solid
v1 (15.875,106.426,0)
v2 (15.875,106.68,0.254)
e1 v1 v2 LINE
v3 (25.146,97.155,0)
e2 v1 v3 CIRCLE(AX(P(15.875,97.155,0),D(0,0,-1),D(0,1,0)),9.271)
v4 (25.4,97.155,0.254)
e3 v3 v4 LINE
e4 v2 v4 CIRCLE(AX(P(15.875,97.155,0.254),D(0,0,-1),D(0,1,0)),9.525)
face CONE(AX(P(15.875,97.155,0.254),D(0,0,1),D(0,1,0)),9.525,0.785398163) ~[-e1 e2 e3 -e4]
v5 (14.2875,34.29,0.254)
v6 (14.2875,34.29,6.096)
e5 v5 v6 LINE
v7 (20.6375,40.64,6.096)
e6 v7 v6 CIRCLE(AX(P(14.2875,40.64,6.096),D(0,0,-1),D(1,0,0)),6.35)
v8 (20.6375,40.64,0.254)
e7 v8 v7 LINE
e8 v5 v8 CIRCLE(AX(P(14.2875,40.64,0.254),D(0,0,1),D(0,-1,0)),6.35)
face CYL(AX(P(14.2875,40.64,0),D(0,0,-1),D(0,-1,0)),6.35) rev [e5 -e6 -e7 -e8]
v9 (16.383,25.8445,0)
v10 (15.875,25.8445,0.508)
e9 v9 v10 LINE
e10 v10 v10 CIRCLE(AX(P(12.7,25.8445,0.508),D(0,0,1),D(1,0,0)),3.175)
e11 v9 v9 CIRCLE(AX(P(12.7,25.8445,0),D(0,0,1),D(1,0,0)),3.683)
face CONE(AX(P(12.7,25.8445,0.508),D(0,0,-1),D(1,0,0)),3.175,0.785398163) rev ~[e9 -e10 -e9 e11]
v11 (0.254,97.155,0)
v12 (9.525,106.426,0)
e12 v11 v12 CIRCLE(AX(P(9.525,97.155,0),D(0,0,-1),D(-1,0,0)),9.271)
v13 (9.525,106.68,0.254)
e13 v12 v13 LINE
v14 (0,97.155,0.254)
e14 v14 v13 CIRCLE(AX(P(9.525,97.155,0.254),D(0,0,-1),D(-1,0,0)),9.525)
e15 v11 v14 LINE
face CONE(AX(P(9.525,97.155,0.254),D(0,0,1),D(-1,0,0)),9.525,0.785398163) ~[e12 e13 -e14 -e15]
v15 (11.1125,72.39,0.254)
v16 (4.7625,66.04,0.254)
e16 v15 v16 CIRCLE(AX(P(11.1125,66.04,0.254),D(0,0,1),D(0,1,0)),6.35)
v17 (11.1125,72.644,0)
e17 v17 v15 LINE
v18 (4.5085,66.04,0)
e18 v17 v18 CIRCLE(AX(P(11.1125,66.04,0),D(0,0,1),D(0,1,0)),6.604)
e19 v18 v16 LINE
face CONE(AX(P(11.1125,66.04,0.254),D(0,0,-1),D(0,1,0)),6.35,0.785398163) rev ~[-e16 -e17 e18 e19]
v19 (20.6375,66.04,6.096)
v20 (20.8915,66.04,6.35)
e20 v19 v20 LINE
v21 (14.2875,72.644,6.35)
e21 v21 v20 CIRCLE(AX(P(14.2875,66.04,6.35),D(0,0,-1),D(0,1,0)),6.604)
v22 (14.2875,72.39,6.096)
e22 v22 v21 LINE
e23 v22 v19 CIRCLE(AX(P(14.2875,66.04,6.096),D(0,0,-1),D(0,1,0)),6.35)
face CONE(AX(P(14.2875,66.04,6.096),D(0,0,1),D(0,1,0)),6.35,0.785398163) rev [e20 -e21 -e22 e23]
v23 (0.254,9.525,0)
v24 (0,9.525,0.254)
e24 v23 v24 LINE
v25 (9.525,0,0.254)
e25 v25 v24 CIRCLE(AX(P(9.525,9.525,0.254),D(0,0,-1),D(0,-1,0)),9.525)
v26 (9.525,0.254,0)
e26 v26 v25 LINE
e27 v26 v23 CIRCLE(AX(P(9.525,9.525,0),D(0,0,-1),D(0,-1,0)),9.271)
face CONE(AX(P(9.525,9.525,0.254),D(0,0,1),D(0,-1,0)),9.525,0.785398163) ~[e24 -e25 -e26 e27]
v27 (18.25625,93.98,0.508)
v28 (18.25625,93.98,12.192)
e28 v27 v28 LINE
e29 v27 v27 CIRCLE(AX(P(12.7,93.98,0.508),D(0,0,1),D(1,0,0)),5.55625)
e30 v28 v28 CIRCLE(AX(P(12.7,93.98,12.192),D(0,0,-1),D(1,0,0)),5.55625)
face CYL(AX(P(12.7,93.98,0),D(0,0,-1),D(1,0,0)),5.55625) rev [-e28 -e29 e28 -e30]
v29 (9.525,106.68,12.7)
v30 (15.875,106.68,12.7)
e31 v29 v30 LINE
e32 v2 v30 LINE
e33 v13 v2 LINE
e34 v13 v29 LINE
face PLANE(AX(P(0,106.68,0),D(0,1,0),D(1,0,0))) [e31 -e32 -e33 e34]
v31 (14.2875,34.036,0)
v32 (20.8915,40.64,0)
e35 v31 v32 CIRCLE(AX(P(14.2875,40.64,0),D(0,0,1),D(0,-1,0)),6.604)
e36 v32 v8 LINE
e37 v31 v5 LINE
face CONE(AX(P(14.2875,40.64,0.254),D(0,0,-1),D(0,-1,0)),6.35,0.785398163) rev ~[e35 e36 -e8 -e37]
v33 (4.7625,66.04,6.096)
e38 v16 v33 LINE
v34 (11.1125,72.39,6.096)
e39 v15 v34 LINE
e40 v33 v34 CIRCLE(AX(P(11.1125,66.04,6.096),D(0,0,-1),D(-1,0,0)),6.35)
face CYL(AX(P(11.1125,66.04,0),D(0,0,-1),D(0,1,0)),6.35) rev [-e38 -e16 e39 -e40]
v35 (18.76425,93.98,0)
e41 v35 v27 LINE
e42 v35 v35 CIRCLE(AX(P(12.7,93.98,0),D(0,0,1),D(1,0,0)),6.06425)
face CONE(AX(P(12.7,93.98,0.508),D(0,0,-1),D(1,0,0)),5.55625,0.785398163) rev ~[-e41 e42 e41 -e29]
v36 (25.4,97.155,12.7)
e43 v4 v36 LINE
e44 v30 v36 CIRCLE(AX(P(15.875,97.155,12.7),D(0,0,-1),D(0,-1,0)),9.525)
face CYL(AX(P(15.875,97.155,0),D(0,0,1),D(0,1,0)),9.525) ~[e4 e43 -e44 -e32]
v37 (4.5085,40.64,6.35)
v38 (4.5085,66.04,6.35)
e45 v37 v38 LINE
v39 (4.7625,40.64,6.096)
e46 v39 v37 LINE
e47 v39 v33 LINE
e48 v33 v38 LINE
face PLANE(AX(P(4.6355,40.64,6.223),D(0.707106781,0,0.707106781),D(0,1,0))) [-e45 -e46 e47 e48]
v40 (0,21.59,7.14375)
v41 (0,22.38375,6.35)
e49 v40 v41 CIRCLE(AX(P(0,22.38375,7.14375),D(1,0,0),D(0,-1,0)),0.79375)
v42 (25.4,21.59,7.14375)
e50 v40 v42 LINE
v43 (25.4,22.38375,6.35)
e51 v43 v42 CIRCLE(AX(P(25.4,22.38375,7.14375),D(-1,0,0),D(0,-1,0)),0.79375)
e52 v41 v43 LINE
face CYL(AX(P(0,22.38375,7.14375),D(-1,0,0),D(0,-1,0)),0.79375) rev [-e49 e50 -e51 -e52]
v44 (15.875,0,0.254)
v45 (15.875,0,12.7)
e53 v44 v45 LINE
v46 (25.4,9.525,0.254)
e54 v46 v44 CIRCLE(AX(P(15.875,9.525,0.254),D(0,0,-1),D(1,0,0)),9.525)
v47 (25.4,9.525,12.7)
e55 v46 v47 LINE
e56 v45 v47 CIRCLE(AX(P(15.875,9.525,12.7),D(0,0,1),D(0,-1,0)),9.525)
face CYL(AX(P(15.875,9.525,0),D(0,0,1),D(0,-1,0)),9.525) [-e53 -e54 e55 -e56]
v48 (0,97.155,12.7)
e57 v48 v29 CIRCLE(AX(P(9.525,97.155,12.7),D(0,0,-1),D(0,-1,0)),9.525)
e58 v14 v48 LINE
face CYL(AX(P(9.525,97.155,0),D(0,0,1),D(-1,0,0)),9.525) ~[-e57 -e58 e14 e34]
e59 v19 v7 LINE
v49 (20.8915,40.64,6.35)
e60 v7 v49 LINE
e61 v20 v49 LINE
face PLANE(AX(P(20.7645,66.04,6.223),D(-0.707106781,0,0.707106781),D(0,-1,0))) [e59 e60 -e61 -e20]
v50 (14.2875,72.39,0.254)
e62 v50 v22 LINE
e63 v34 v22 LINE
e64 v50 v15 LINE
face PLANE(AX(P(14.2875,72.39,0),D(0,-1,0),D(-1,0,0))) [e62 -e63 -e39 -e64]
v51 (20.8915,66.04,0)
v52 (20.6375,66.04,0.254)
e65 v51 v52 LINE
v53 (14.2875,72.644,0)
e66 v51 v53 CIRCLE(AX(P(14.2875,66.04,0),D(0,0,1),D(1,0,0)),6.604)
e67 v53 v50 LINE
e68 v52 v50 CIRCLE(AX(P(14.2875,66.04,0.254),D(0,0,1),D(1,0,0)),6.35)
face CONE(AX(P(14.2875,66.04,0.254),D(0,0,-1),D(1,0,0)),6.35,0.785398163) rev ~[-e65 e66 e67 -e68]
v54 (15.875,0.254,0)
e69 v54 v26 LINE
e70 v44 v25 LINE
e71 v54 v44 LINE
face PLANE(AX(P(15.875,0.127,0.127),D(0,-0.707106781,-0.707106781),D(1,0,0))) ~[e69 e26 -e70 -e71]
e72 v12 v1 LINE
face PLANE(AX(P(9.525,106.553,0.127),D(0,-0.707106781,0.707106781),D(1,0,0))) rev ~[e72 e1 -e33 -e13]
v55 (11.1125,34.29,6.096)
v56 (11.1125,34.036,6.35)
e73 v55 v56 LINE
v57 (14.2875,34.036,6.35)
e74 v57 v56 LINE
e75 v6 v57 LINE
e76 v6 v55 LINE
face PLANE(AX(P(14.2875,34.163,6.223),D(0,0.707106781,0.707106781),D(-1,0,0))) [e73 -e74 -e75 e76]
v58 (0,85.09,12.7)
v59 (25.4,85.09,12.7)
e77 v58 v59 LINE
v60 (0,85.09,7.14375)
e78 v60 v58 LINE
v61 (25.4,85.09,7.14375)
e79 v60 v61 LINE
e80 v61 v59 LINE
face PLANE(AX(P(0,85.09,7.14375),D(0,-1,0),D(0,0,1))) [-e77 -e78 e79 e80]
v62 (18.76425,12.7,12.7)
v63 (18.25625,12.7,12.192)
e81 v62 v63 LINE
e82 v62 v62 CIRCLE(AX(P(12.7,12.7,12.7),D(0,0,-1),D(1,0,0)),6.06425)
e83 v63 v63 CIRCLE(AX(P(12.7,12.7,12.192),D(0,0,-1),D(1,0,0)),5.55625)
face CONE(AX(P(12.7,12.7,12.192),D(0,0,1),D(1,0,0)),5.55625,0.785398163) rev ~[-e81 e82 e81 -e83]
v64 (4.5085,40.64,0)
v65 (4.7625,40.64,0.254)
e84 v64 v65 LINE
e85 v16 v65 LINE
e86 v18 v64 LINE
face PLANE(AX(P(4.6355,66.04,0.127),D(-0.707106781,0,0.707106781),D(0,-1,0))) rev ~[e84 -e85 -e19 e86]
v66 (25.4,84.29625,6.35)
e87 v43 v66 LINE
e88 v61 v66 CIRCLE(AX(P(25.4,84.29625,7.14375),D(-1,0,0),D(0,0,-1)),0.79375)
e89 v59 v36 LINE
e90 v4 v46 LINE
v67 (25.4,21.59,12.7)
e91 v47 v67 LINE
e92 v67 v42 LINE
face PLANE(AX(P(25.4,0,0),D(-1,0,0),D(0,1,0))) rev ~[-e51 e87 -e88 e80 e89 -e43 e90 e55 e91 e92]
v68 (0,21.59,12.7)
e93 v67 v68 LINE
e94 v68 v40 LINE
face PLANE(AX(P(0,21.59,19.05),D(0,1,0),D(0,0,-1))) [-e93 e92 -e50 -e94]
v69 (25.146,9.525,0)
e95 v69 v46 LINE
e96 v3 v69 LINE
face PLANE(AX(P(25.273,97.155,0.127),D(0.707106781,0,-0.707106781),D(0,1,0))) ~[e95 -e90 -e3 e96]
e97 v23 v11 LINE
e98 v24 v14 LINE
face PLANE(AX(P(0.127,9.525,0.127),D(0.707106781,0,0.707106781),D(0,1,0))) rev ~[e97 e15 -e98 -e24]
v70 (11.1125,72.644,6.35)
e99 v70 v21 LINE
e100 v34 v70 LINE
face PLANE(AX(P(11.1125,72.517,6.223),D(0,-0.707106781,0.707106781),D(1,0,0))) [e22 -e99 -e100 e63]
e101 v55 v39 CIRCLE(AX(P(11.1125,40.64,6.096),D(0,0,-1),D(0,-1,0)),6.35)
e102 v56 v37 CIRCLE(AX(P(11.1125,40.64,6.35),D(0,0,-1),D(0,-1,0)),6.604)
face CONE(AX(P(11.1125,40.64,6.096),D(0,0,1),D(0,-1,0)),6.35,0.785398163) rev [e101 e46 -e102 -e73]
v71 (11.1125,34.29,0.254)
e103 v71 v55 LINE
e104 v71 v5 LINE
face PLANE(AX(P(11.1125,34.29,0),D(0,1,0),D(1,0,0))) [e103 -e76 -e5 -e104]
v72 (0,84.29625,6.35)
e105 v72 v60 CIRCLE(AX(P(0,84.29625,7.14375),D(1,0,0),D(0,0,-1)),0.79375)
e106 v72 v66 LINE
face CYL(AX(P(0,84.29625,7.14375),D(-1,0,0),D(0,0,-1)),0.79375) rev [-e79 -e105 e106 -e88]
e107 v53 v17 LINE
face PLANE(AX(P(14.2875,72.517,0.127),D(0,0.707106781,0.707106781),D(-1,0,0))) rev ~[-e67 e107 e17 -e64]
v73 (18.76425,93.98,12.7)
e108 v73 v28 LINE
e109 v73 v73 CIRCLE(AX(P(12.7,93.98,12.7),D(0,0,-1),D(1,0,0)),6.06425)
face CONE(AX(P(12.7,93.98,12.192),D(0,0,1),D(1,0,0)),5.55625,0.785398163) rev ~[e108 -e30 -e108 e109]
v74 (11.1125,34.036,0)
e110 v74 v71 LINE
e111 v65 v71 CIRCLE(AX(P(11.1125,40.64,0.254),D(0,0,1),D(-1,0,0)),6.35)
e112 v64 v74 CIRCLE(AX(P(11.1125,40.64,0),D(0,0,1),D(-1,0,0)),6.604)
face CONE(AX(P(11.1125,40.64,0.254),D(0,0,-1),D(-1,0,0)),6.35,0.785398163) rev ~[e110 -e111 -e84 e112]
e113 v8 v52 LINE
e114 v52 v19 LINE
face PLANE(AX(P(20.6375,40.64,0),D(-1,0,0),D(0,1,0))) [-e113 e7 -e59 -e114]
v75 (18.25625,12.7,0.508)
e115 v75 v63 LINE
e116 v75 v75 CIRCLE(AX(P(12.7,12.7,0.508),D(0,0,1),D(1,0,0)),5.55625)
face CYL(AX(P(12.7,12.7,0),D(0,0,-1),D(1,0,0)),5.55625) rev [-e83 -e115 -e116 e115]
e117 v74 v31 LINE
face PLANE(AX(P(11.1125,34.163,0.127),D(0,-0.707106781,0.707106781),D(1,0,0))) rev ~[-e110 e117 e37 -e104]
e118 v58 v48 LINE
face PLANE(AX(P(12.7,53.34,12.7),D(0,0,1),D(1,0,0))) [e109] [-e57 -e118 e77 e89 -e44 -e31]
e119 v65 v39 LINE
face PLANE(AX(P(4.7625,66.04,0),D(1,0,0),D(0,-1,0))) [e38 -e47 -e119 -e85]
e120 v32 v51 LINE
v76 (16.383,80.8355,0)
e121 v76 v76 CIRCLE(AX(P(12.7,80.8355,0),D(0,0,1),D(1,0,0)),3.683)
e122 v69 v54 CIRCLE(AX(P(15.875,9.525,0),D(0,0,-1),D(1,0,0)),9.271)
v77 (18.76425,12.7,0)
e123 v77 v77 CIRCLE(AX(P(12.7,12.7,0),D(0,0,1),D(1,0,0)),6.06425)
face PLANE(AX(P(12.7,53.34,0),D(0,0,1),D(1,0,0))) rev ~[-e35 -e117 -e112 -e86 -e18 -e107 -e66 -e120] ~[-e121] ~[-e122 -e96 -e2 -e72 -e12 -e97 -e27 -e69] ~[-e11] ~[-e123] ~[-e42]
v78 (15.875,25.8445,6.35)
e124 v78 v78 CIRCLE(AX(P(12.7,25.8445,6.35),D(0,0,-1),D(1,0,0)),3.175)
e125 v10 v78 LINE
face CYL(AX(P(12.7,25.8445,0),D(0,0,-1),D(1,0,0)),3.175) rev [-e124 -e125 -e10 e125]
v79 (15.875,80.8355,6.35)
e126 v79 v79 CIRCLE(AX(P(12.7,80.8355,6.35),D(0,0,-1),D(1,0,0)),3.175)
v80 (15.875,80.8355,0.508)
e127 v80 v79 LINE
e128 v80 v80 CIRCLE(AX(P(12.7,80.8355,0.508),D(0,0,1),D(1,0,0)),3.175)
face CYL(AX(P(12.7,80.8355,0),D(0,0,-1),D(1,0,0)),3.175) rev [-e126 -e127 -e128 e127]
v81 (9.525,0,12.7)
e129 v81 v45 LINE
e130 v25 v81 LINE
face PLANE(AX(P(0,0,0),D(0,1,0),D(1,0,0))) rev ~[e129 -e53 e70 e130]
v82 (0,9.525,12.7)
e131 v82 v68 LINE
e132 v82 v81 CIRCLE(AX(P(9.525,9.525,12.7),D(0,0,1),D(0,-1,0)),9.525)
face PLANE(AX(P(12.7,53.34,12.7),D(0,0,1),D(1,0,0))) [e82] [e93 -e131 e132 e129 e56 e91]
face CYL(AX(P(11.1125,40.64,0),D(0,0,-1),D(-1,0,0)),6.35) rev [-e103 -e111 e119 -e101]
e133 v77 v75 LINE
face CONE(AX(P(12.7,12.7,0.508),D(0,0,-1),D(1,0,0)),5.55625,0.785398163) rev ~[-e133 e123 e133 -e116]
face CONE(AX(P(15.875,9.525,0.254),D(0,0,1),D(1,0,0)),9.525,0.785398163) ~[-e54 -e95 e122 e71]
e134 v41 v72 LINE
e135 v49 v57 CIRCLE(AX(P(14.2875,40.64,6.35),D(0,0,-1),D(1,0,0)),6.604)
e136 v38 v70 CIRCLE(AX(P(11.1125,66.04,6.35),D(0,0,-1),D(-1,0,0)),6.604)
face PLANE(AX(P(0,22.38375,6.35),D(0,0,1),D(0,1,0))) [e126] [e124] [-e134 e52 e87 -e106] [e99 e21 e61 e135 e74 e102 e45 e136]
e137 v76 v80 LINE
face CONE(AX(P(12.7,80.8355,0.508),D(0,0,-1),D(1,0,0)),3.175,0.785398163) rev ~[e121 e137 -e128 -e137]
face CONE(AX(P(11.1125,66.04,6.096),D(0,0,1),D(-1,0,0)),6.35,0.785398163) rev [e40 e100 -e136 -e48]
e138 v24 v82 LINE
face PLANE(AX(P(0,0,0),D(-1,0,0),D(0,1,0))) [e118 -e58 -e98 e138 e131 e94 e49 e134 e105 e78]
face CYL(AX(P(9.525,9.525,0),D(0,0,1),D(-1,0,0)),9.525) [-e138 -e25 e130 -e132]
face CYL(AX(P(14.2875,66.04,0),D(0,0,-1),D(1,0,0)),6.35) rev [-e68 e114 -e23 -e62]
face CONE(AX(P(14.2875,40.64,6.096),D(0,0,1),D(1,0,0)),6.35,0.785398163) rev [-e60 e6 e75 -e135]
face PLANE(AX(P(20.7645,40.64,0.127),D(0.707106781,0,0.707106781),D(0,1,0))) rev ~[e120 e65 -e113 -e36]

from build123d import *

# Parameters (mm, degrees)
F0_W     = 25.4
F0_H     = 106.68
F1_DEPTH = 12.7
F3_DEPTH = 27.94
F4_R     = 3.175
F5_DEPTH = 25.4
F6_R     = 5.55625
F7_DEPTH = 25.4
F9_DEPTH = 25.4
F10_SIZE = 0.508
F11_SIZE = 0.254
F12_R    = 9.525
F13_SIZE = 0.254


with BuildPart() as f1:
    # F0 (on Top) → F1 (new body)
    with BuildSketch(Plane.XY):
        with Locations((12.7, 53.34)):
            Rectangle(F0_W, F0_H)
    extrude(amount=F1_DEPTH)

    # F2 (on Right) → F3 (cut)
    with BuildSketch(Plane.YZ):
        with BuildLine():
            ThreePointArc((21.59, 7.14375), (21.8224839924, 6.5824839924), (22.38375, 6.35))
            Line((22.38375, 6.35), (84.29625, 6.35))
            ThreePointArc((84.29625, 6.35), (84.8575160076, 6.5824839924), (85.09, 7.14375))
            Line((85.09, 7.14375), (85.09, 19.05))
            Line((85.09, 19.05), (21.59, 19.05))
            Line((21.59, 19.05), (21.59, 7.14375))
        make_face()
    extrude(amount=F3_DEPTH, mode=Mode.SUBTRACT)

    # F4 (on Top) → F5 (cut)
    with BuildSketch(Plane.XY):
        with Locations((12.7, 80.8355)):
            Circle(F4_R)
        with Locations((12.7, 25.8445)):
            Circle(F4_R)
    extrude(amount=F5_DEPTH, mode=Mode.SUBTRACT)

    # F6 (on Top) → F7 (cut)
    with BuildSketch(Plane.XY):
        with Locations((12.7, 93.98)):
            Circle(F6_R)
        with Locations((12.7, 12.7)):
            Circle(F6_R)
    extrude(amount=F7_DEPTH, mode=Mode.SUBTRACT)

    # F8 (on Top) → F9 (cut)
    with BuildSketch(Plane.XY):
        with BuildLine():
            Line((14.2875, 72.39), (11.1125, 72.39))
            ThreePointArc((11.1125, 72.39), (6.6223719395, 70.5301280605), (4.7625, 66.04))
            Line((4.7625, 66.04), (4.7625, 40.64))
            ThreePointArc((4.7625, 40.64), (6.6223719395, 36.1498719395), (11.1125, 34.29))
            Line((11.1125, 34.29), (14.2875, 34.29))
            ThreePointArc((14.2875, 34.29), (18.7776280605, 36.1498719395), (20.6375, 40.64))
            Line((20.6375, 40.64), (20.6375, 66.04))
            ThreePointArc((20.6375, 66.04), (18.7776280605, 70.5301280605), (14.2875, 72.39))
        make_face()
    extrude(amount=F9_DEPTH, mode=Mode.SUBTRACT)

    # F10
    f10_edges = [f1.edges().sort_by_distance(p)[0] for p in [
        (7.14375, 12.7, 0),
        (7.14375, 93.98, 0),
        (9.525, 80.8355, 0),
        (9.525, 25.8445, 0),
        (7.14375, 93.98, 12.7),
        (7.14375, 12.7, 12.7),
    ]]
    chamfer(f10_edges, length=F10_SIZE)

    # F11
    f11_edges = [f1.edges().sort_by_distance(p)[0] for p in [
        (4.7625, 53.34, 0),
        (20.6375, 53.34, 6.35),
    ]]
    chamfer(f11_edges, length=F11_SIZE)

    # F12
    f12_edges = [f1.edges().sort_by_distance(p)[0] for p in [
        (25.4, 0, 6.35),
        (0, 0, 6.35),
        (25.4, 106.68, 6.35),
        (0, 106.68, 6.35),
    ]]
    fillet(f12_edges, radius=F12_R)

    # F13
    f13_edges = [f1.edges().sort_by_distance(p)[0] for p in [
        (0, 53.34, 0),
    ]]
    chamfer(f13_edges, length=F13_SIZE)


solid = f1.part
